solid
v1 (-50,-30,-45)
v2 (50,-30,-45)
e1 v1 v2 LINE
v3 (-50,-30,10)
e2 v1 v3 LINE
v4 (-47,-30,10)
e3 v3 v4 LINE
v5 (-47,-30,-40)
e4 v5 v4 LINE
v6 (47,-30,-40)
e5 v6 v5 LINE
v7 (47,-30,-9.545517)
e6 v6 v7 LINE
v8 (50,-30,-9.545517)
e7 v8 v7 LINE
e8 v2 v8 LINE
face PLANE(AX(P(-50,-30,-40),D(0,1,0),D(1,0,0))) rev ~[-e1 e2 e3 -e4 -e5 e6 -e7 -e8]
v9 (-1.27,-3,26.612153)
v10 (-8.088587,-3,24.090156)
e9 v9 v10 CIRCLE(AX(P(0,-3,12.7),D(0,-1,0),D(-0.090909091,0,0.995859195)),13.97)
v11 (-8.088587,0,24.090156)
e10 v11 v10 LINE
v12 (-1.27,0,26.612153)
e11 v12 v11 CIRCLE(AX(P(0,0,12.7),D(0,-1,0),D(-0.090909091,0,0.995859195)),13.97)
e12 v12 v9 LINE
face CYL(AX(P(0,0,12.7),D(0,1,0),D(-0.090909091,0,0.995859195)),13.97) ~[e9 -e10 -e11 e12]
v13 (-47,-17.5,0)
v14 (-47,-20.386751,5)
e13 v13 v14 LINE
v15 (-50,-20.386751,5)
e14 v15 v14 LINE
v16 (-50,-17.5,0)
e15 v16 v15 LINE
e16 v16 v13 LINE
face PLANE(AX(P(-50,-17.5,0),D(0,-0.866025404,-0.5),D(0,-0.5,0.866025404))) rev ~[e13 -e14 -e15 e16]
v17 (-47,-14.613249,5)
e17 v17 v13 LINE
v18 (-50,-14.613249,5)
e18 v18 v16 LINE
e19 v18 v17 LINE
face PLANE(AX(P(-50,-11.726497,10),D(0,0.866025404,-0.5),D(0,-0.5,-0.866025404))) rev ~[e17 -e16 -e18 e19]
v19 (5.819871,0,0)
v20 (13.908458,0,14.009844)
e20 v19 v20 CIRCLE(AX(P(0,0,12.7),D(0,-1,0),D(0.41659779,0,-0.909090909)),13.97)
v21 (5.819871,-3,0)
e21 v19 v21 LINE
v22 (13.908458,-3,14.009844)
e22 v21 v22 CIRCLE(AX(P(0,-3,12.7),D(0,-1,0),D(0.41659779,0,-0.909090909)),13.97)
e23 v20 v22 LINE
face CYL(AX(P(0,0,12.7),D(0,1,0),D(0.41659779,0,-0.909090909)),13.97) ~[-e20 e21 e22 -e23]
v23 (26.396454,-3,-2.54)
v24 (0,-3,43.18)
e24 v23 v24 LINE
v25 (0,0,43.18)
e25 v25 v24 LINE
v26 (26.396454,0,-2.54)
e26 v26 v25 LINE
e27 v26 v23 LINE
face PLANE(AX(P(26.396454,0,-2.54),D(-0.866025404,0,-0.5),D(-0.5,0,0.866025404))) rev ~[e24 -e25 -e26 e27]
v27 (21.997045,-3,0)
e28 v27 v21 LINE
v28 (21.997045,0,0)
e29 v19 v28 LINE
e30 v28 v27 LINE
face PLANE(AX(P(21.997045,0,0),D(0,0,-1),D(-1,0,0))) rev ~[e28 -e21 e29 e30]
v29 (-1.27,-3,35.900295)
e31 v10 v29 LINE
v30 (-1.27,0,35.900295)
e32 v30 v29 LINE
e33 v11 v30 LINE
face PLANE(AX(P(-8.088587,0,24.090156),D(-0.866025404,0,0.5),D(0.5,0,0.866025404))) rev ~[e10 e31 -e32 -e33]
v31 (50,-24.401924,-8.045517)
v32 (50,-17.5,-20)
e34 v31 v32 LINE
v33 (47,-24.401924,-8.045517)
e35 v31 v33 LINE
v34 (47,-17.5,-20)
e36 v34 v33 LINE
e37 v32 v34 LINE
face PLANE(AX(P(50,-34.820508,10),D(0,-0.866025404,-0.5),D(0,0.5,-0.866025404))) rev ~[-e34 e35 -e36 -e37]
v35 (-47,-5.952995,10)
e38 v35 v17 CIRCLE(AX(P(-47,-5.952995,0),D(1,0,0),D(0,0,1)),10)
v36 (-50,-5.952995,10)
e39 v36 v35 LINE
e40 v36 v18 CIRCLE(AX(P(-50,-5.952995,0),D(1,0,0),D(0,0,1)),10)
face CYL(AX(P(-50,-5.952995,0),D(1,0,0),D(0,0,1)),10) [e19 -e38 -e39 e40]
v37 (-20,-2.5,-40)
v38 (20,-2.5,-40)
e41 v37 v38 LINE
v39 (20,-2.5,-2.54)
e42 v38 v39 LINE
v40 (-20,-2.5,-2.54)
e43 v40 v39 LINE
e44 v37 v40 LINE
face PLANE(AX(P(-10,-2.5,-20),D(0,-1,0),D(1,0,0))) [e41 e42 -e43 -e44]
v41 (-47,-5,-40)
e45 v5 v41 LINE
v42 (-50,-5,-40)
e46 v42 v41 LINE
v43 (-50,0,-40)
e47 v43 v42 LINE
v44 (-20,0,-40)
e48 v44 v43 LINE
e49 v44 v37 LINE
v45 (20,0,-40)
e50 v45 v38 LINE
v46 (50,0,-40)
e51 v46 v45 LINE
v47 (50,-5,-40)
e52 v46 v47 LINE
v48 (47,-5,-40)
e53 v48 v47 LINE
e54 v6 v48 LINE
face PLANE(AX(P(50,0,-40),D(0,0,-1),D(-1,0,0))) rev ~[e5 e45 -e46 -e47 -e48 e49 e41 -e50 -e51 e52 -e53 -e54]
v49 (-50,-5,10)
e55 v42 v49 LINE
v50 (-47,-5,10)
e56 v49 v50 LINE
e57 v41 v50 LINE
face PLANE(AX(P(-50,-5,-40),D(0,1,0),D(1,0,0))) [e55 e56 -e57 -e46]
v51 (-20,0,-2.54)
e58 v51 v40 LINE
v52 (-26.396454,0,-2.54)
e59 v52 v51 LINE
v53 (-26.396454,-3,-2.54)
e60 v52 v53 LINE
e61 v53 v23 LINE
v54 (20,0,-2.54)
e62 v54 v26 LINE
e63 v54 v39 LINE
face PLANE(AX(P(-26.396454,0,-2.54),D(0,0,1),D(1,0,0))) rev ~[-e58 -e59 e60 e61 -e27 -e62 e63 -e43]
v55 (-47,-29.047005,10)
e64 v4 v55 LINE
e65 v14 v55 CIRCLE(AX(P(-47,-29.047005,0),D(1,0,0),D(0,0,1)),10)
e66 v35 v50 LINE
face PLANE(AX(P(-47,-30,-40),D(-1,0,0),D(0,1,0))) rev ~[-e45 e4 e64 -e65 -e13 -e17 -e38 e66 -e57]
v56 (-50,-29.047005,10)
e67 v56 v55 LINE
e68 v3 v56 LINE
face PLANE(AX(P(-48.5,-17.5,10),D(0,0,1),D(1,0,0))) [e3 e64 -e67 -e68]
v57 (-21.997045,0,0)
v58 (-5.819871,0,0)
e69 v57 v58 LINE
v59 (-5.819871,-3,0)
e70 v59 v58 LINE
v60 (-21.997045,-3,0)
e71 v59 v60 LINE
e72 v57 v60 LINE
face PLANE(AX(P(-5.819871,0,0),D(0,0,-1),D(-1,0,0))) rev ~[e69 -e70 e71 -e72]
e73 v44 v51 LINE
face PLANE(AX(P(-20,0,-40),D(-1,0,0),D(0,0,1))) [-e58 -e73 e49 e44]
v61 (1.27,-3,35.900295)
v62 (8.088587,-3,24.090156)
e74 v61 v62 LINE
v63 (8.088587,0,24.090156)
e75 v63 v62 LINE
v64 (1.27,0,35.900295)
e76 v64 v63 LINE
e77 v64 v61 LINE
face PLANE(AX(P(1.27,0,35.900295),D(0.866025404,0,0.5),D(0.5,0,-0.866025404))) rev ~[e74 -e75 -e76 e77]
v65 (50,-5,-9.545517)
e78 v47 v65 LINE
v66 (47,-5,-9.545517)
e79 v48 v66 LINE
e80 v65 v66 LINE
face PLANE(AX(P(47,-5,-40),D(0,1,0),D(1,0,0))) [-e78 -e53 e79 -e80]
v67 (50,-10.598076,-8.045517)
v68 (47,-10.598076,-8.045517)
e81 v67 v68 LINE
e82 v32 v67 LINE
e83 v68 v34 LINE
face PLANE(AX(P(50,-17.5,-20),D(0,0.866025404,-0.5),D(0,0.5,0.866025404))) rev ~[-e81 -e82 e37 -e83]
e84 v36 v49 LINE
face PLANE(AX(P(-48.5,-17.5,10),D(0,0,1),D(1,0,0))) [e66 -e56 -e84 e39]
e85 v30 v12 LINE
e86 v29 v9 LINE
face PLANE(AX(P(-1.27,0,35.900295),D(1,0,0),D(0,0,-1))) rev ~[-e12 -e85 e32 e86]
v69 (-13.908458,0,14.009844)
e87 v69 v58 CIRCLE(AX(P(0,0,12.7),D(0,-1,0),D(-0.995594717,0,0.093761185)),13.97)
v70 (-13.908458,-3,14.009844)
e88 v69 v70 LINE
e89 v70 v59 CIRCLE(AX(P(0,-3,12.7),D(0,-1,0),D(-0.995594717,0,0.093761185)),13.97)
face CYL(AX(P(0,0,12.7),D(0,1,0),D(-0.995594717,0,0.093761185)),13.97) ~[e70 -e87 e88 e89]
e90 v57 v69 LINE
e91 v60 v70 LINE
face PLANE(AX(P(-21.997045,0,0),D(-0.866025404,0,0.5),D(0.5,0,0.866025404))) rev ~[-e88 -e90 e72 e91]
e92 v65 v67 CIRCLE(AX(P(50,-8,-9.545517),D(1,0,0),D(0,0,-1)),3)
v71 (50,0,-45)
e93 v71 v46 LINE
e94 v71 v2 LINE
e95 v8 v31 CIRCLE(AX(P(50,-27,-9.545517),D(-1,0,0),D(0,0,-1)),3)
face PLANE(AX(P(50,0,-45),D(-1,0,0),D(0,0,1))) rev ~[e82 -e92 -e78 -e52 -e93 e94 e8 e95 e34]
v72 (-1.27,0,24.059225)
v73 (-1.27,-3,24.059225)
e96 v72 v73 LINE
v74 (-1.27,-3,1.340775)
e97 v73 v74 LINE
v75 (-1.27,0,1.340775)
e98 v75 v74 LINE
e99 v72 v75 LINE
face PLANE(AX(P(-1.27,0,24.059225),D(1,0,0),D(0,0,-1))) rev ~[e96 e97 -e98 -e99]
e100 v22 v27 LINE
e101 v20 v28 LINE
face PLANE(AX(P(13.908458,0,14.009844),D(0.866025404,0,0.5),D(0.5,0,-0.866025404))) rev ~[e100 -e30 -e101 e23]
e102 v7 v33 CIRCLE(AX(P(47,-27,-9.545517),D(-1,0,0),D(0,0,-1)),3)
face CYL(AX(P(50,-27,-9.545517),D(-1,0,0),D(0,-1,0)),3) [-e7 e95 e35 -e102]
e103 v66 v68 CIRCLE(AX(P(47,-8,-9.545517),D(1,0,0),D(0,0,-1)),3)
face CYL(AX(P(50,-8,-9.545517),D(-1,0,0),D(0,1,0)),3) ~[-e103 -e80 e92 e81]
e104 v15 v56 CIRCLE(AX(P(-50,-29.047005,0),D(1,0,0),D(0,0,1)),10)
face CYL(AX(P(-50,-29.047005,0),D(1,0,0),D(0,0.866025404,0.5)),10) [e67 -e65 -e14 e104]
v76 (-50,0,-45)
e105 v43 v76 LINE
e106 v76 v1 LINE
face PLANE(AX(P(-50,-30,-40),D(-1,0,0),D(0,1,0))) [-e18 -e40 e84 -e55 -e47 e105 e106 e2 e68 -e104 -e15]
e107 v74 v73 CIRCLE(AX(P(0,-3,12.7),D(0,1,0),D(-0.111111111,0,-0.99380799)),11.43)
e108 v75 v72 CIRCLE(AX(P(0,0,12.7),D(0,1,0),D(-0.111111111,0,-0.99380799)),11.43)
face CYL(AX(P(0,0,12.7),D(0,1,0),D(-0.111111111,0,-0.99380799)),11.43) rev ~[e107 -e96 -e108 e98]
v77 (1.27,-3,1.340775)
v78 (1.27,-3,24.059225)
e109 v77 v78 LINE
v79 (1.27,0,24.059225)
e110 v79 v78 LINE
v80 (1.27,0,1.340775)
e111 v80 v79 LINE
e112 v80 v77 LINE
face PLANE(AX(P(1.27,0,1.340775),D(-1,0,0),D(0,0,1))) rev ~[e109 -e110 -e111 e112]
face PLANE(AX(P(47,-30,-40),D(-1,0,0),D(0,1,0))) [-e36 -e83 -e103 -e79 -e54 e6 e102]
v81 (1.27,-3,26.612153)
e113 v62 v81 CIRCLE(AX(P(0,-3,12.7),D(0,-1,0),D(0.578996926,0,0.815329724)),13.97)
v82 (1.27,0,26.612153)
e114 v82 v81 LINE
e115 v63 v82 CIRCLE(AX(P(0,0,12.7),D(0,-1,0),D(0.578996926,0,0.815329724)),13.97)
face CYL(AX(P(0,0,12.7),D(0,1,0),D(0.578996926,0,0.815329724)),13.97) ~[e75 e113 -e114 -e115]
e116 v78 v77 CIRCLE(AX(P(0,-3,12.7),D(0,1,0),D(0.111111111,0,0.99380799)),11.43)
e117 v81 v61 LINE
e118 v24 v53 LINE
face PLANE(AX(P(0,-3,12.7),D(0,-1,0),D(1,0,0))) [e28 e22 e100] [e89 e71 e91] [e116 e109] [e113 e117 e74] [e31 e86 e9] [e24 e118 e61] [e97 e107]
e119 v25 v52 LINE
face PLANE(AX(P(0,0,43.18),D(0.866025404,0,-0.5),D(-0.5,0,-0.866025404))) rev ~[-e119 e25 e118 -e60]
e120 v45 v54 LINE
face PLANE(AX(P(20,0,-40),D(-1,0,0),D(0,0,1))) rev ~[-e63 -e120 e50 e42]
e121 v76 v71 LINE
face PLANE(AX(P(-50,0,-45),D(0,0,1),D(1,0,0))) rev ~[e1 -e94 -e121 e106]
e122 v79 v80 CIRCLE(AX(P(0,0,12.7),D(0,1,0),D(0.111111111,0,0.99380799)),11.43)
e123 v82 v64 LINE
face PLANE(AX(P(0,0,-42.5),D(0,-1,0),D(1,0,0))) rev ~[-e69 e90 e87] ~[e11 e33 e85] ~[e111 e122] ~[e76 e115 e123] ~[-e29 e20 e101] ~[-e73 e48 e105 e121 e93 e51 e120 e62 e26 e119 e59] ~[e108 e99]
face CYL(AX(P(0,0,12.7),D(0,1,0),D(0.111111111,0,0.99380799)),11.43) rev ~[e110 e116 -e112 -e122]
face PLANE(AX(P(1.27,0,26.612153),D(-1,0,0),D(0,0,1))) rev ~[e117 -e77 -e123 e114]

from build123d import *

# Parameters (mm, degrees)
F1_DEPTH  = 3
F2_W      = 20
F2_H      = 40
F3_DEPTH  = 2.5
F5_DEPTH  = 30
F6_W      = 3
F6_H      = 25
F7_DEPTH  = 50
F9_DEPTH  = 25
F11_DEPTH = 10
F12_R     = 10
F13_R     = 3


with BuildPart() as f1:
    # F0 (on Front) → F1 (new body)
    with BuildSketch(Plane.XZ):
        Polygon((-26.3964543073, -2.54), (26.3964543073, -2.54), (0, 43.18), align=None)
        with BuildLine():
            Line((-5.8198711326, 0), (-21.9970452561, 0))
            Line((-21.9970452561, 0), (-13.9084581944, 14.0098437524))
            ThreePointArc((-13.9084581944, 14.0098437524), (-12.0983748909, 5.715), (-5.8198711326, 0))
        make_face(mode=Mode.SUBTRACT)
        with BuildLine():
            ThreePointArc((-1.27, 1.3407746743), (-11.43, 12.7), (-1.27, 24.0592253257))
            Line((-1.27, 24.0592253257), (-1.27, 1.3407746743))
        make_face(mode=Mode.SUBTRACT)
        with BuildLine():
            Line((13.9084581944, 14.0098437524), (21.9970452561, 0))
            Line((21.9970452561, 0), (5.8198711326, 0))
            ThreePointArc((5.8198711326, 0), (12.0983748909, 5.715), (13.9084581944, 14.0098437524))
        make_face(mode=Mode.SUBTRACT)
        with BuildLine():
            Line((1.27, 1.3407746743), (1.27, 24.0592253257))
            ThreePointArc((1.27, 24.0592253257), (11.43, 12.7), (1.27, 1.3407746743))
        make_face(mode=Mode.SUBTRACT)
        with BuildLine():
            Line((-8.0885870618, 24.0901562476), (-1.27, 35.9002954744))
            Line((-1.27, 35.9002954744), (-1.27, 26.6121529606))
            ThreePointArc((-1.27, 26.6121529606), (-4.8462258308, 25.8024804979), (-8.0885870618, 24.0901562476))
        make_face(mode=Mode.SUBTRACT)
        with BuildLine():
            Line((1.27, 26.6121529606), (1.27, 35.9002954744))
            Line((1.27, 35.9002954744), (8.0885870618, 24.0901562476))
            ThreePointArc((8.0885870618, 24.0901562476), (4.8462258308, 25.8024804979), (1.27, 26.6121529606))
        make_face(mode=Mode.SUBTRACT)
    extrude(amount=F1_DEPTH)

    # F2 (on Front) → F3 (join)
    with BuildSketch(Plane.XZ):
        with Locations((-10, -20)):
            Rectangle(F2_W, F2_H)
        with Locations((10, -20)):
            Rectangle(F2_W, F2_H)
    extrude(amount=F3_DEPTH)

    # F4 (on Front) → F5 (join)
    with BuildSketch(Plane.XZ):
        Polygon((20, -40), (-20, -40), (-50, -40), (-50, -45), (50, -45), (50, -40), align=None)
    extrude(amount=F5_DEPTH)

    # F6 (on face) → F7 (join)
    with BuildSketch(Plane.XY.offset(-40)):
        with Locations((-48.5, -17.5)):
            Rectangle(F6_W, F6_H)
        with Locations((48.5, -17.5)):
            Rectangle(F6_W, F6_H)
    extrude(amount=F7_DEPTH)

    # F8 (on face) → F9 (cut)
    with BuildSketch(Plane(origin=(-50, 0, 0), x_dir=(0, -1, 0), z_dir=(-1, 0, 0))):
        Polygon((23.2735026919, 10), (11.7264973081, 10), (17.5, 0), align=None)
    extrude(amount=-F9_DEPTH, mode=Mode.SUBTRACT)

    # F10 (on face) → F11 (cut)
    with BuildSketch(Plane.YZ.offset(50)):
        Polygon((-17.5, 10), (-34.8205080757, 10), (-17.5, -20), align=None)
        Polygon((-17.5, 10), (-17.5, -20), (-0.1794919243, 10), align=None)
    extrude(amount=-F11_DEPTH, mode=Mode.SUBTRACT)

    # F12
    f12_edges = [f1.edges().sort_by_distance(p)[0] for p in [
        (-48.5, -11.726497, 10),
        (-48.5, -23.273503, 10),
    ]]
    fillet(f12_edges, radius=F12_R)

    # F13
    f13_edges = [f1.edges().sort_by_distance(p)[0] for p in [
        (48.5, -30, 1.650635),
        (48.5, -5, 1.650635),
    ]]
    fillet(f13_edges, radius=F13_R)


solid = f1.part
